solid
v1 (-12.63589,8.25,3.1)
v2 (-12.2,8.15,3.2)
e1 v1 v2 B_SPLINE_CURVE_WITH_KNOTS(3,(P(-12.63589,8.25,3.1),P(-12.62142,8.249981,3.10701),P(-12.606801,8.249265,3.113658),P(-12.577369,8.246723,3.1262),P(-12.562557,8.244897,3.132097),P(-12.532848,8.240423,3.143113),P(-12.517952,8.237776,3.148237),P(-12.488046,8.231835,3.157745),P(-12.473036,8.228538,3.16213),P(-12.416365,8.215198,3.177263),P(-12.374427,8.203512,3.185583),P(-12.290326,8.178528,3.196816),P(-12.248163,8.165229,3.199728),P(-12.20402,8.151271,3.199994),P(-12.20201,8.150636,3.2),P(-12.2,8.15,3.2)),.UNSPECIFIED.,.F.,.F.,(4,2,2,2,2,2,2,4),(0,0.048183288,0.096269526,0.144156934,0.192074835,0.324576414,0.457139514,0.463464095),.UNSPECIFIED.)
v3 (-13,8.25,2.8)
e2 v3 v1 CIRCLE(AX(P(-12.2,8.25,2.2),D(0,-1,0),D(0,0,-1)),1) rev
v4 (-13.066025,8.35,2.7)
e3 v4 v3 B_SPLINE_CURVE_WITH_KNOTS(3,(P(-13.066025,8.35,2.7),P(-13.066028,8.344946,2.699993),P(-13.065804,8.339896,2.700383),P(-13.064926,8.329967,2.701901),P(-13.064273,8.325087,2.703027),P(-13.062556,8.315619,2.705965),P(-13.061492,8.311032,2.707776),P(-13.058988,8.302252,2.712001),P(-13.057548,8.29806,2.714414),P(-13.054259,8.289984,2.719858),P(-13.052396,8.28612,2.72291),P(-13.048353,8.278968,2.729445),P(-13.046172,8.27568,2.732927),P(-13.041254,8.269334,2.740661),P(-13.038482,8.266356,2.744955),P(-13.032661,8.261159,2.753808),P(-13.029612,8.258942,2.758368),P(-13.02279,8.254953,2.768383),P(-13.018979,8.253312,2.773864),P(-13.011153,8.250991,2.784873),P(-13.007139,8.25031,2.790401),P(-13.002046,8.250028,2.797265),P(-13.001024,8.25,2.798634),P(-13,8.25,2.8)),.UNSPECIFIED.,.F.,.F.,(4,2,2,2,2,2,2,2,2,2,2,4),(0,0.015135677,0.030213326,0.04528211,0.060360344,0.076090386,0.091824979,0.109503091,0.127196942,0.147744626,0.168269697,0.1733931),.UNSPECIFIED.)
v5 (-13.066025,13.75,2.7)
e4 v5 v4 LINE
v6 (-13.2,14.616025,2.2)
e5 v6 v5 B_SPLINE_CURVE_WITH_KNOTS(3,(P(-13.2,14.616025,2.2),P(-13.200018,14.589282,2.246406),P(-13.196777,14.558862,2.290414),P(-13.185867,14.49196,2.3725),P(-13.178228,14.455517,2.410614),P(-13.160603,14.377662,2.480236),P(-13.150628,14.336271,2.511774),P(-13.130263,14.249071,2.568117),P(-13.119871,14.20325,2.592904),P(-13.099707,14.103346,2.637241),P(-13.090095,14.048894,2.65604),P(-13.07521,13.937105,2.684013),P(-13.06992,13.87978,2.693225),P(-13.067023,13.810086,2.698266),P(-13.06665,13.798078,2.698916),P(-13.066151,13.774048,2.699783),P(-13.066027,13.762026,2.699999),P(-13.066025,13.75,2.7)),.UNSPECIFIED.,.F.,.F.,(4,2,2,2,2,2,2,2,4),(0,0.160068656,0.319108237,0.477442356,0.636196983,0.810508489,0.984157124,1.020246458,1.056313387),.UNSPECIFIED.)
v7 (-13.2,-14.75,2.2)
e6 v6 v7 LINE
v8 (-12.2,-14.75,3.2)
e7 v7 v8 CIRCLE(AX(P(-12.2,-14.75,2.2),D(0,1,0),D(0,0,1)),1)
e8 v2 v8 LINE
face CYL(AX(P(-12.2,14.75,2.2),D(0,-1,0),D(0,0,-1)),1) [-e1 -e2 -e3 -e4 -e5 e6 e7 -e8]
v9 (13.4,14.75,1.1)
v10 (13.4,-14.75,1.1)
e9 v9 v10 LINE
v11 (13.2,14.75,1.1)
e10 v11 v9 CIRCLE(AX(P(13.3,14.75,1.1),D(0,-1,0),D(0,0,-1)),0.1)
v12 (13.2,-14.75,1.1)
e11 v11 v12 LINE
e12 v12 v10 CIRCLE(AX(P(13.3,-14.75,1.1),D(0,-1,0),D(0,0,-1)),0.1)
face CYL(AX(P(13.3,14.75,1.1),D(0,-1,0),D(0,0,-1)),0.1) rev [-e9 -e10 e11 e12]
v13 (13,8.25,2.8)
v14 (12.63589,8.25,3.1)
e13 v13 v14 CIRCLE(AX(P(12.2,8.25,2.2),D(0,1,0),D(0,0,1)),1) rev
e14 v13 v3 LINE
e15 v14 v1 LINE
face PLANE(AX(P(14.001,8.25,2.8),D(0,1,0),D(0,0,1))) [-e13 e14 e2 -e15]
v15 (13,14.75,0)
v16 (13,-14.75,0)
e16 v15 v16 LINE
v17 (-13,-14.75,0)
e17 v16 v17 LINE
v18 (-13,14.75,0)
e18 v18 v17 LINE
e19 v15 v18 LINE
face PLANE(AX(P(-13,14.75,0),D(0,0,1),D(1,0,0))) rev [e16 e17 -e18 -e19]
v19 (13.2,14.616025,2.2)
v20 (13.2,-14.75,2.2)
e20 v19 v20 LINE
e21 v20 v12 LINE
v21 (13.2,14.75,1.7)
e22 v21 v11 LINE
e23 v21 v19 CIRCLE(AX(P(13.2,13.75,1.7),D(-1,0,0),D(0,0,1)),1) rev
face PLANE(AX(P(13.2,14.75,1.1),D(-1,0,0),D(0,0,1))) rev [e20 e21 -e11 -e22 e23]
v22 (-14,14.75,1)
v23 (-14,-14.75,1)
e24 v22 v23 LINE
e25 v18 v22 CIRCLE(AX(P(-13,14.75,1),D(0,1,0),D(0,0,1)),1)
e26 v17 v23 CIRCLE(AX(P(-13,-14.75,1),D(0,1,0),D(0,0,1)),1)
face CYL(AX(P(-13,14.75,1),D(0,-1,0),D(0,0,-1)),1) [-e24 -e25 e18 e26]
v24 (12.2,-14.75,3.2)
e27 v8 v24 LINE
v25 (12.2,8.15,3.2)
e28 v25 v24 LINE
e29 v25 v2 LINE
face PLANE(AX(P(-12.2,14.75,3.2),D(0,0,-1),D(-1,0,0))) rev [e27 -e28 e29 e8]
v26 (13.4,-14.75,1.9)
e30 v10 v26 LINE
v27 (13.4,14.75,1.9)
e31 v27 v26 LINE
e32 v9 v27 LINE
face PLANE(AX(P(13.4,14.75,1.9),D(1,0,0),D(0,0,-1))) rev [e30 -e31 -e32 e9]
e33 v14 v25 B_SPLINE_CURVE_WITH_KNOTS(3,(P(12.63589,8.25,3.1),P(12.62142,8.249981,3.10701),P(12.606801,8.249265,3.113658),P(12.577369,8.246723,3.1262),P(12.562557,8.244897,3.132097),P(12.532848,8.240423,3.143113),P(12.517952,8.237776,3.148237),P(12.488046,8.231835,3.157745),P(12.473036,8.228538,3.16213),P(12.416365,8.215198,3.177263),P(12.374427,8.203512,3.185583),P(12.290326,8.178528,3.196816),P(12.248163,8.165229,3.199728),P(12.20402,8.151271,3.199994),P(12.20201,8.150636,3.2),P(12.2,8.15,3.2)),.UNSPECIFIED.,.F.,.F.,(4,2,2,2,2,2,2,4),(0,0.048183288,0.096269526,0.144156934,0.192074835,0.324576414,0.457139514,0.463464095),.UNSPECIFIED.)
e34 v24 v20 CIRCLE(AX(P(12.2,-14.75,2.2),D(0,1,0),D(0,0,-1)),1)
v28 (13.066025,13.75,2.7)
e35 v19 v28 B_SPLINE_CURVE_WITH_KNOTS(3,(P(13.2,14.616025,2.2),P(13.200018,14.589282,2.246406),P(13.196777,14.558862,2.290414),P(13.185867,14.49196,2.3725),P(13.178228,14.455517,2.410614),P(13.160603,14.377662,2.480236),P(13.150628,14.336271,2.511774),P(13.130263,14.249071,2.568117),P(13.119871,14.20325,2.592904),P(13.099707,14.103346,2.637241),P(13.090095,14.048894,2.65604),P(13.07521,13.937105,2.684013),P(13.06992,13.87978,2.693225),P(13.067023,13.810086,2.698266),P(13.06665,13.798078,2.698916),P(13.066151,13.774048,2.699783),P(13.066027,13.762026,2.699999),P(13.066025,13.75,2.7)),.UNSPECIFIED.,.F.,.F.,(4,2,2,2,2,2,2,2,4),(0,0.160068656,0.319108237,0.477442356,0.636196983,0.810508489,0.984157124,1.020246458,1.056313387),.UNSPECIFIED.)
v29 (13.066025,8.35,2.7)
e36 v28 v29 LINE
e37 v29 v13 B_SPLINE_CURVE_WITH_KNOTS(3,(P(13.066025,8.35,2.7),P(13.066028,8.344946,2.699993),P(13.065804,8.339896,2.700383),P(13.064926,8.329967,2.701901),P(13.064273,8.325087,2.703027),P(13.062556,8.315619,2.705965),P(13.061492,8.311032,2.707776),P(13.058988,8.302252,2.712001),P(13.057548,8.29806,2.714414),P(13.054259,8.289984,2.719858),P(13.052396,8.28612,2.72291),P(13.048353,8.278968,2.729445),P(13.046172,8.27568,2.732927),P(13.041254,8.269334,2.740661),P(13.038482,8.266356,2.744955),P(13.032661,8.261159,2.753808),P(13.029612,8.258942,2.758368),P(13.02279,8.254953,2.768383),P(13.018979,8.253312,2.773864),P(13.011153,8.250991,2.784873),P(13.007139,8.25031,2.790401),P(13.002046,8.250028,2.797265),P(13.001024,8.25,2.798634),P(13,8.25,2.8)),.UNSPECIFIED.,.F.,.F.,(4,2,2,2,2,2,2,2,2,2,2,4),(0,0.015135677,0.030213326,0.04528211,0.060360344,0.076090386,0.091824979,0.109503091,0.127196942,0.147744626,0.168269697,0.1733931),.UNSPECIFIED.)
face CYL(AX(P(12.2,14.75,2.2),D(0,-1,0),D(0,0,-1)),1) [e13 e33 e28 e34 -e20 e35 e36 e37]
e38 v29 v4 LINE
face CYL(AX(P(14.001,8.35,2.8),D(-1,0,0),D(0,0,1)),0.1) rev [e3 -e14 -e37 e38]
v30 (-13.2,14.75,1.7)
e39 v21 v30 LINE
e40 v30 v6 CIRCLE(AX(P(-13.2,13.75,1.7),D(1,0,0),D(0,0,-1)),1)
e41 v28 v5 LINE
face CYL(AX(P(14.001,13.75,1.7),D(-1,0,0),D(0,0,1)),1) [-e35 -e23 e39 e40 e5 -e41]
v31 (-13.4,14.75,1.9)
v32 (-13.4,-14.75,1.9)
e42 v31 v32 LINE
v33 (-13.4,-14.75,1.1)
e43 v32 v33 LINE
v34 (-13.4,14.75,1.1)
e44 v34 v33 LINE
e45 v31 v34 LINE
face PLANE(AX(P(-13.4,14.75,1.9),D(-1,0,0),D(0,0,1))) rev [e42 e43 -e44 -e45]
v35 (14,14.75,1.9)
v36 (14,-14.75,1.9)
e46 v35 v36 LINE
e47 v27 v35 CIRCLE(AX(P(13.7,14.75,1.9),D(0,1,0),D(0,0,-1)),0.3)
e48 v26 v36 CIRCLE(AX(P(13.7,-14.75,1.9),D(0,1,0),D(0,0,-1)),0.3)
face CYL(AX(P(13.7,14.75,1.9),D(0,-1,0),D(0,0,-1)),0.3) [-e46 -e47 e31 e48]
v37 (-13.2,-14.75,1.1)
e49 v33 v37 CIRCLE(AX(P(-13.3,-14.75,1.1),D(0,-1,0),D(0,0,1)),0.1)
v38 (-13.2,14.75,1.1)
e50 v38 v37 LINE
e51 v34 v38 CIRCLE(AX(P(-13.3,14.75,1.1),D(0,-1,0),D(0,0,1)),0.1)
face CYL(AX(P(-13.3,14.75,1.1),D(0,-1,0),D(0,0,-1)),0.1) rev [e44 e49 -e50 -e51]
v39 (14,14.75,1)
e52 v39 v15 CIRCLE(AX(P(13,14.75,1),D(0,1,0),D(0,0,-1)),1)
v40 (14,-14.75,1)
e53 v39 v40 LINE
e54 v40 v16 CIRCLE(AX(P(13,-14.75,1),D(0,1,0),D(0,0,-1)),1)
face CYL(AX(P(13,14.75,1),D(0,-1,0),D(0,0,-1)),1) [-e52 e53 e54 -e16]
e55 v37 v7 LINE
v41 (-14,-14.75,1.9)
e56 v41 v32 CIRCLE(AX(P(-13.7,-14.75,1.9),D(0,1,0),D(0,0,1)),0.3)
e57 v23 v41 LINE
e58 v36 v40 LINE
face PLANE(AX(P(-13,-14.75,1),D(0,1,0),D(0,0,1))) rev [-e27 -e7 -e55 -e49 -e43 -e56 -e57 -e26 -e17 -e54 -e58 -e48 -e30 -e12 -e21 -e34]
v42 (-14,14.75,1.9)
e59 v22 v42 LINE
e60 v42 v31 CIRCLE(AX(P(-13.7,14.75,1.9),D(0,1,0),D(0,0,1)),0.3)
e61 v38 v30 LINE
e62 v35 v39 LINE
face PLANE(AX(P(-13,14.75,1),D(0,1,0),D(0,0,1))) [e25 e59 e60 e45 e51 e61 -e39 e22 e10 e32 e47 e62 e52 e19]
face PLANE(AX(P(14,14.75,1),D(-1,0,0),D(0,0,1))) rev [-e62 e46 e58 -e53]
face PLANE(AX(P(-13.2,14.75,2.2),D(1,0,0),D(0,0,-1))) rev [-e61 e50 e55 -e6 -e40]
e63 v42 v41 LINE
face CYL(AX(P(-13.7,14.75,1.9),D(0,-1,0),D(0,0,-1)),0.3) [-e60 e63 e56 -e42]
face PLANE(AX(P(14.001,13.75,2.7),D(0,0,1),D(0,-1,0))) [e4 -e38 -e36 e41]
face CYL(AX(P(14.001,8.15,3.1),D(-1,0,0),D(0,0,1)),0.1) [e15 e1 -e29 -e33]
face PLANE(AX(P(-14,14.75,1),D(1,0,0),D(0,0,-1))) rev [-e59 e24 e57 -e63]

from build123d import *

# Parameters (mm, degrees)
EXTRUDE_1_DEPTH                 = 14.75
CUT_EXTRUDE_1_REACH             = 22.586
CUT_EXTRUDE_1_DIRECTION_2_REACH = 22.586


with BuildPart() as part:
    # Эскиз1 → Бобышка-Вытянуть1 (new, symmetric)
    with BuildSketch(Plane(origin=(0, 0, 0), x_dir=(1, 0, 0), z_dir=(0, 1, 0))):
        with BuildLine():
            Line((-13, 0), (13, 0))
            ThreePointArc((13, 0), (13.707106781, -0.292893219), (14, -1))
            Line((14, -1), (14, -1.9))
            ThreePointArc((14, -1.9), (13.7, -2.2), (13.4, -1.9))
            Line((13.4, -1.9), (13.4, -1.1))
            ThreePointArc((13.4, -1.1), (13.3, -1), (13.2, -1.1))
            Line((13.2, -1.1), (13.2, -2.2))
            ThreePointArc((13.2, -2.2), (12.907106781, -2.907106781), (12.2, -3.2))
            Line((12.2, -3.2), (-12.2, -3.2))
            ThreePointArc((-12.2, -3.2), (-12.907106781, -2.907106781), (-13.2, -2.2))
            Line((-13.2, -2.2), (-13.2, -1.1))
            ThreePointArc((-13.2, -1.1), (-13.3, -1), (-13.4, -1.1))
            Line((-13.4, -1.1), (-13.4, -1.9))
            ThreePointArc((-13.4, -1.9), (-13.7, -2.2), (-14, -1.9))
            Line((-14, -1.9), (-14, -1))
            ThreePointArc((-14, -1), (-13.707106781, -0.292893219), (-13, 0))
        make_face()
    extrude(amount=EXTRUDE_1_DEPTH, both=True)

    # Эскиз2 → Вырез-Вытянуть1 (cut, up to next)
    with BuildSketch(Plane(origin=(0, 0, 0), x_dir=(0, 0, -1), z_dir=(1, 0, 0)), mode=Mode.PRIVATE) as cut_extrude_1_sk1:
        with BuildLine():
            Line((-2.7, 13.75), (-2.7, 8.35))
            ThreePointArc((-2.7, 8.35), (-2.729289322, 8.279289322), (-2.8, 8.25))
            Line((-2.8, 8.25), (-3.1, 8.25))
            ThreePointArc((-3.1, 8.25), (-3.170710678, 8.220710678), (-3.2, 8.15))
            Line((-3.2, 8.15), (-3.2, 14.75))
            Line((-3.2, 14.75), (-1.7, 14.75))
            ThreePointArc((-1.7, 14.75), (-2.407106781, 14.457106781), (-2.7, 13.75))
        make_face()
    cut_extrude_1_tool1 = extrude(cut_extrude_1_sk1.sketch, amount=-CUT_EXTRUDE_1_REACH, mode=Mode.PRIVATE) & part.part
    add(cut_extrude_1_tool1.solids().sort_by_distance((0, 11.687446, 2.920961))[0], mode=Mode.SUBTRACT)

    # Эскиз2 → Вырез-Вытянуть1 direction 2 (cut, up to next)
    with BuildSketch(Plane(origin=(0, 0, 0), x_dir=(0, 0, -1), z_dir=(1, 0, 0)), mode=Mode.PRIVATE) as cut_extrude_1_direction_2_sk1:
        with BuildLine():
            Line((-2.7, 13.75), (-2.7, 8.35))
            ThreePointArc((-2.7, 8.35), (-2.729289322, 8.279289322), (-2.8, 8.25))
            Line((-2.8, 8.25), (-3.1, 8.25))
            ThreePointArc((-3.1, 8.25), (-3.170710678, 8.220710678), (-3.2, 8.15))
            Line((-3.2, 8.15), (-3.2, 14.75))
            Line((-3.2, 14.75), (-1.7, 14.75))
            ThreePointArc((-1.7, 14.75), (-2.407106781, 14.457106781), (-2.7, 13.75))
        make_face()
    cut_extrude_1_direction_2_tool1 = extrude(cut_extrude_1_direction_2_sk1.sketch, amount=CUT_EXTRUDE_1_DIRECTION_2_REACH, mode=Mode.PRIVATE) & part.part
    add(cut_extrude_1_direction_2_tool1.solids().sort_by_distance((0, 11.687446, 2.920961))[0], mode=Mode.SUBTRACT)


solid = part.part
